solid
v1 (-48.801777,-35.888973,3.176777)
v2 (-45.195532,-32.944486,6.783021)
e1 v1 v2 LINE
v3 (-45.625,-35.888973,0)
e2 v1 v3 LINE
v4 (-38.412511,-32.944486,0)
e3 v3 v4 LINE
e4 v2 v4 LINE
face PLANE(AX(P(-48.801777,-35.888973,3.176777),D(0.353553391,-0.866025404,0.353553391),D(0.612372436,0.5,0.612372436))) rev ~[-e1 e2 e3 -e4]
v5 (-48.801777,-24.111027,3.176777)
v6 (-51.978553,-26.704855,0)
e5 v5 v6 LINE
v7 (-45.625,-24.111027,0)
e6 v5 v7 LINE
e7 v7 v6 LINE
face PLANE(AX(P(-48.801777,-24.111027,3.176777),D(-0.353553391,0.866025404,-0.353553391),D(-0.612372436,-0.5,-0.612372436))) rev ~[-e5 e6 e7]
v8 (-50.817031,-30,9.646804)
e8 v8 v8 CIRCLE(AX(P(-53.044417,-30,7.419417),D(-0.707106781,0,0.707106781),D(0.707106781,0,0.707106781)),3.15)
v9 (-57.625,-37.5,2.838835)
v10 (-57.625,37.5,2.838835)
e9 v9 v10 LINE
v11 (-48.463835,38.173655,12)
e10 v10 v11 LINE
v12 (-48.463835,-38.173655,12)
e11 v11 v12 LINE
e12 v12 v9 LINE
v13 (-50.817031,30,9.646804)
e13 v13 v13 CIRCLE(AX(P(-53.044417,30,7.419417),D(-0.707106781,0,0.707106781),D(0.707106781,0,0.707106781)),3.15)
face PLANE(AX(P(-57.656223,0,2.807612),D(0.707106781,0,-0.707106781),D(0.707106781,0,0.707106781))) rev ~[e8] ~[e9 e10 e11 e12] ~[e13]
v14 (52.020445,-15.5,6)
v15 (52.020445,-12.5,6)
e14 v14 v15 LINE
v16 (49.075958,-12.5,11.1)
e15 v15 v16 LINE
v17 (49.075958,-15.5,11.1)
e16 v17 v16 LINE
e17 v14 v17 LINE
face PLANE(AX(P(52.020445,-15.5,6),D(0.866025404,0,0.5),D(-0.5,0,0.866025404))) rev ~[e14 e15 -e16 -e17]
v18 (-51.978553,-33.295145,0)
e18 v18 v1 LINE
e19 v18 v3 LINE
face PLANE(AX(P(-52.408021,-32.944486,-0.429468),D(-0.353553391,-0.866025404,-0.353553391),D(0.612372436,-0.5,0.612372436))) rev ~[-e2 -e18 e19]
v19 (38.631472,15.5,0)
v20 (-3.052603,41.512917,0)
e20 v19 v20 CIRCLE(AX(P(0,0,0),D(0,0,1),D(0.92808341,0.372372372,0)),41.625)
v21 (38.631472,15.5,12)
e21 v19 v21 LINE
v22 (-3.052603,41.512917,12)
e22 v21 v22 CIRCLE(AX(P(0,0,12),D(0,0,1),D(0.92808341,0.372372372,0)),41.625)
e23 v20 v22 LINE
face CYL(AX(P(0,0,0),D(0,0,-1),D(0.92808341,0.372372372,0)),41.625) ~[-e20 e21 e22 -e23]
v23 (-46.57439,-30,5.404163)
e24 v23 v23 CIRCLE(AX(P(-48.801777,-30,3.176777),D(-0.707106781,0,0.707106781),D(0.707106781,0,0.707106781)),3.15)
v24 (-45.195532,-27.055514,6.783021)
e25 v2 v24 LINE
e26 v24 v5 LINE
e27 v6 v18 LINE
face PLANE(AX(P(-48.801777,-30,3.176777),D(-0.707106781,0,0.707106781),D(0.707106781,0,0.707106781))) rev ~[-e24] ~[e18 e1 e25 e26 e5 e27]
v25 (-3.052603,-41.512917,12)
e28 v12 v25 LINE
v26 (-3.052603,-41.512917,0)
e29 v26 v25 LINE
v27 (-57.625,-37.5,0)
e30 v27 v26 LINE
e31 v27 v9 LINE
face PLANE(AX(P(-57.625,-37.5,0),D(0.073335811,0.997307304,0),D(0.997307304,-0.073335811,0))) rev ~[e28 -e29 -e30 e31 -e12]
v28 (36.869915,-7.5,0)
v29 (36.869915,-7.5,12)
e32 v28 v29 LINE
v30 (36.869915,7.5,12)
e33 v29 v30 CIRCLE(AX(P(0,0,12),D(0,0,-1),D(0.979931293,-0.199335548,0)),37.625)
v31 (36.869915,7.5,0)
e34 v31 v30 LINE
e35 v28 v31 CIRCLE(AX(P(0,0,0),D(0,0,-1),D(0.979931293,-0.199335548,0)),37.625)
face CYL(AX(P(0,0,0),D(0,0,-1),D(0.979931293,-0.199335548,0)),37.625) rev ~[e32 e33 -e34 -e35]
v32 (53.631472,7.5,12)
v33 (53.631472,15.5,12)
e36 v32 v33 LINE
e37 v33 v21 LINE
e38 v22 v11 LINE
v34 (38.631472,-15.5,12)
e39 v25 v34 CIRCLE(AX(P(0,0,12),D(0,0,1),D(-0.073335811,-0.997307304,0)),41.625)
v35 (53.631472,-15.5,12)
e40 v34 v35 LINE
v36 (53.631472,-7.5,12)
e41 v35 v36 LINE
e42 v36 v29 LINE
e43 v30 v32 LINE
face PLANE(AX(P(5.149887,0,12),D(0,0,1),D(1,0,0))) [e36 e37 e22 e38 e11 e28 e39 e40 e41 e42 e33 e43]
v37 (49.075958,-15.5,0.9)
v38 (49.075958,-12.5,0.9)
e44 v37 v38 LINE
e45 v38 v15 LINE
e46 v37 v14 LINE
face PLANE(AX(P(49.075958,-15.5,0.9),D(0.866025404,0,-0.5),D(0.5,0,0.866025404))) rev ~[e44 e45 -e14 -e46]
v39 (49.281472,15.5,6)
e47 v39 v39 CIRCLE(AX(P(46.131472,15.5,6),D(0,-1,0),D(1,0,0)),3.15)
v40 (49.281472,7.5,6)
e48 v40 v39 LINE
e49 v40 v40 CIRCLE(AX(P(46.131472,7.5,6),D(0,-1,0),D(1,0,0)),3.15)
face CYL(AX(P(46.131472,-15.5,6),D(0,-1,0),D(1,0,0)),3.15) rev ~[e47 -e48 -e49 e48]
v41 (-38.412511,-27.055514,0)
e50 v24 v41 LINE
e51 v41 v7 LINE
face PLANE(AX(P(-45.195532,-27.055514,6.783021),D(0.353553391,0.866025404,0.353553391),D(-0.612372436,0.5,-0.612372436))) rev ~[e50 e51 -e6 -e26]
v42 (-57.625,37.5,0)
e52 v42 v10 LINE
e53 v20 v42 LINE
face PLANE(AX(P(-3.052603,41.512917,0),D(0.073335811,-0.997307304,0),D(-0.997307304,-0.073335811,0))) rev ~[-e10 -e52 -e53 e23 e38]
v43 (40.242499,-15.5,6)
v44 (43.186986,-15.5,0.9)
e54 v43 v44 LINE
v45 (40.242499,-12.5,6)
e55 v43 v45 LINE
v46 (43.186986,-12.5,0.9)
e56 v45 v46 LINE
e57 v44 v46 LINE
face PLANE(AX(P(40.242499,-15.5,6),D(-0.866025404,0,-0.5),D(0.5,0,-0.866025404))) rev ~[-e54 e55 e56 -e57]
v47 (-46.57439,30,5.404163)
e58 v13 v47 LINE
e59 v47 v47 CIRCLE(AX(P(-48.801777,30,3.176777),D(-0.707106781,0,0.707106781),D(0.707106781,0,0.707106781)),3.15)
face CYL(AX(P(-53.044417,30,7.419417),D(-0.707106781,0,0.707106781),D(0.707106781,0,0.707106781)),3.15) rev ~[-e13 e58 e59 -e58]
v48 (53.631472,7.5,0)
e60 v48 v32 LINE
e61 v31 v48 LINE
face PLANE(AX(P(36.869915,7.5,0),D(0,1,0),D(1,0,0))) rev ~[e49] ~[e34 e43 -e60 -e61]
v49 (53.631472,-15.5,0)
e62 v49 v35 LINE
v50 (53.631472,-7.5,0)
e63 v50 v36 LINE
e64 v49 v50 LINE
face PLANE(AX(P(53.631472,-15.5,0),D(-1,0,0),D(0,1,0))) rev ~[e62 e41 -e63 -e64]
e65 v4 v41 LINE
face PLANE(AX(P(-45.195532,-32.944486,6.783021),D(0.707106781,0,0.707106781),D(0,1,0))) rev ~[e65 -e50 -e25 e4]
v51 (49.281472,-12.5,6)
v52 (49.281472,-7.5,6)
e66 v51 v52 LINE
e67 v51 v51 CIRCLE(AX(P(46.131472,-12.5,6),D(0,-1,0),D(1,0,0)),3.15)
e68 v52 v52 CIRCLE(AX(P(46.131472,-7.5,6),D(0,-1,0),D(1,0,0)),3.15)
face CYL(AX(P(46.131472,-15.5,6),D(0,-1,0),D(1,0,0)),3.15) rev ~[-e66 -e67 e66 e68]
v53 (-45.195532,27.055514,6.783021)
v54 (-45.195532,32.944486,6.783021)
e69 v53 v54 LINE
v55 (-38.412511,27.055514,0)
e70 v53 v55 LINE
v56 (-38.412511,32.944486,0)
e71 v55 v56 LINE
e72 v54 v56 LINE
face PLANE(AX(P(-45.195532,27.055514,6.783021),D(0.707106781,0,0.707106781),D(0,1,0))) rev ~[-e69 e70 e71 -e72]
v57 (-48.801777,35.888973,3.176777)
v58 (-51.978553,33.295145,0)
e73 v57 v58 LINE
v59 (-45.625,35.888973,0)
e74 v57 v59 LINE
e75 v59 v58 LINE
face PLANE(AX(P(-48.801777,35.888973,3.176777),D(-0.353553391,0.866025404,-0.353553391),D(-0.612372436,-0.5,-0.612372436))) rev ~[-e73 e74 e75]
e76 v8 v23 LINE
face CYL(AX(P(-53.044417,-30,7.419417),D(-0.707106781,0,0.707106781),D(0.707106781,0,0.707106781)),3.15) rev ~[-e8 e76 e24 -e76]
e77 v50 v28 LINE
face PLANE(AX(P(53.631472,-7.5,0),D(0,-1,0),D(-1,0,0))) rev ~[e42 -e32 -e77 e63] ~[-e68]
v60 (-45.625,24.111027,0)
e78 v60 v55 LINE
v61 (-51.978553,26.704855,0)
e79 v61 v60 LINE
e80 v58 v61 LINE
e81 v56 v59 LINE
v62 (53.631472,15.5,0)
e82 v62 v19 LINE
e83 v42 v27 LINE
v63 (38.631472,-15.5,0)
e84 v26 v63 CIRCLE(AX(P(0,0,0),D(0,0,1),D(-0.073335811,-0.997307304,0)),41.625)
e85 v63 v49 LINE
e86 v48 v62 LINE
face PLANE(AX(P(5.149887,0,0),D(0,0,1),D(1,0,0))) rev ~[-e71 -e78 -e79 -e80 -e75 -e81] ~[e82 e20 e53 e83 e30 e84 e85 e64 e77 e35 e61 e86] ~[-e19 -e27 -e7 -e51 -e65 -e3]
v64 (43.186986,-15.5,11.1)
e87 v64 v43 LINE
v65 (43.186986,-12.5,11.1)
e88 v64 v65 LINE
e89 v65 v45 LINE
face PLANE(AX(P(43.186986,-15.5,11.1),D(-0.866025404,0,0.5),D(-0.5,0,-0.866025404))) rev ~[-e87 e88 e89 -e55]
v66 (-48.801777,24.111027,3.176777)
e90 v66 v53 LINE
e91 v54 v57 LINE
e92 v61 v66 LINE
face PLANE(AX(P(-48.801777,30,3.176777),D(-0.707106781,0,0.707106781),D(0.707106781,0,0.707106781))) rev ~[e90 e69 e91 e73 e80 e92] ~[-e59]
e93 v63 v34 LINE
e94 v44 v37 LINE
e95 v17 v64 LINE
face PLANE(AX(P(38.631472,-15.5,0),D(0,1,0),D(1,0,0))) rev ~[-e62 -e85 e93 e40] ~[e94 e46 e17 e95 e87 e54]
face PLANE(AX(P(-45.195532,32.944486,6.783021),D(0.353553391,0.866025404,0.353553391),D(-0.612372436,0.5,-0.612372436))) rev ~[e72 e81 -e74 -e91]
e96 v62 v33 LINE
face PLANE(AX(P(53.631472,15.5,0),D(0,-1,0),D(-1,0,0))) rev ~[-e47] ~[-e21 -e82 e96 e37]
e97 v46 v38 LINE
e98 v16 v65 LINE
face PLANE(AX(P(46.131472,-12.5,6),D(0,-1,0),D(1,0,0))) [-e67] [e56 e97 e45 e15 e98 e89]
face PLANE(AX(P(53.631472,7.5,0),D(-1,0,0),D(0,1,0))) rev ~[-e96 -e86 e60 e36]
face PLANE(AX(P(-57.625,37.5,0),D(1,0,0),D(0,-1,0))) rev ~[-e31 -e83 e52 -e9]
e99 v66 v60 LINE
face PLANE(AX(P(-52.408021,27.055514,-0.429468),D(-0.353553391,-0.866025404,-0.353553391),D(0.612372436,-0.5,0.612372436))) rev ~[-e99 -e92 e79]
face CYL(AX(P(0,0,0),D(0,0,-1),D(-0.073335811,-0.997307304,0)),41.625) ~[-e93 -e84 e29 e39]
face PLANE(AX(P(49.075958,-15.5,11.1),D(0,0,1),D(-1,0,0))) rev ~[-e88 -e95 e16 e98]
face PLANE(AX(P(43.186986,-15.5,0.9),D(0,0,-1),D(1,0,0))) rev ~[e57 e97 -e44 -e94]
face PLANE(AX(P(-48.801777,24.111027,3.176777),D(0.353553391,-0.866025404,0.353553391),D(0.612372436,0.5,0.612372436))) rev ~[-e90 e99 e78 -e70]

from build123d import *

# Parameters (mm, degrees)
F1_DEPTH  = 12
F3_DEPTH  = 50
F4_R      = 3.15
F5_DEPTH  = 80.6785650794
F8_DEPTH  = 74.6785650794
F9_R      = 3.15
F10_DEPTH = 57.126
F12_DEPTH = 3


with BuildPart() as f1:
    # F0 (on Top) → F1 (new body)
    with BuildSketch(Plane.XY):
        with BuildLine():
            ThreePointArc((36.8699149036, -7.5), (-37.625, 0), (36.8699149036, 7.5))
            Line((36.8699149036, 7.5), (53.6314719497, 7.5))
            Line((53.6314719497, 7.5), (53.6314719497, 15.5))
            Line((53.6314719497, 15.5), (38.6314719497, 15.5))
            ThreePointArc((38.6314719497, 15.5), (22.0370581838, 35.3130102314), (-3.0526031231, 41.5129165342))
            ThreePointArc((-3.0526031231, 41.5129165342), (-41.625, 0), (-3.0526031231, -41.5129165342))
            ThreePointArc((-3.0526031231, -41.5129165342), (22.0370581838, -35.3130102314), (38.6314719497, -15.5))
            Line((38.6314719497, -15.5), (53.6314719497, -15.5))
            Line((53.6314719497, -15.5), (53.6314719497, -7.5))
            Line((53.6314719497, -7.5), (36.8699149036, -7.5))
        make_face()
        with BuildLine():
            ThreePointArc((-3.0526031231, -41.5129165342), (-41.625, 0), (-3.0526031231, 41.5129165342))
            Line((-3.0526031231, 41.5129165342), (-57.625, 37.5))
            Line((-57.625, 37.5), (-57.625, -37.5))
            Line((-57.625, -37.5), (-3.0526031231, -41.5129165342))
        make_face()
    extrude(amount=F1_DEPTH)

    # F2 (on Front) → F3 (cut, symmetric)
    with BuildSketch(Plane.XZ):
        Polygon((-57.6562229203, 26.0493437853), (-57.6562229203, 2.8076118446), (-48.4638347648, 12), (-48.4638347648, 26.0493437853), align=None)
    extrude(amount=F3_DEPTH, both=True, mode=Mode.SUBTRACT)

    # F4 (on face) → F5 (cut, through all)
    with BuildSketch(Plane(origin=(-30.2319173824, 0, 30.2319173824), x_dir=(0.7071067812, 0, 0.7071067812), z_dir=(-0.7071067812, 0, 0.7071067812))):
        with Locations((-32.2617468916, 30)):
            Circle(F4_R)
        with Locations((-32.2617468916, -30)):
            Circle(F4_R)
    extrude(amount=-F5_DEPTH, mode=Mode.SUBTRACT)

    # F7 (on offset) → F8 (cut, through all)
    with BuildSketch(Plane(origin=(-25.9892766953, 0, 25.9892766953), x_dir=(0.7071067812, 0, 0.7071067812), z_dir=(-0.7071067812, 0, 0.7071067812))):
        Polygon((-32.2617468916, 24.1110272543), (-27.1617468916, 27.0555136271), (-27.1617468916, 32.9444863729), (-32.2617468916, 35.8889727457), (-37.3617468916, 32.9444863729), (-37.3617468916, 27.0555136271), align=None)
        Polygon((-32.2617468916, -35.8889727457), (-27.1617468916, -32.9444863729), (-27.1617468916, -27.0555136271), (-32.2617468916, -24.1110272543), (-37.3617468916, -27.0555136271), (-37.3617468916, -32.9444863729), align=None)
    extrude(amount=-F8_DEPTH, mode=Mode.SUBTRACT)

    # F9 (on face) → F10 (cut, through all)
    with BuildSketch(Plane.XZ.offset(15.5)):
        with Locations((46.1314719497, 6)):
            Circle(F9_R)
    extrude(amount=-F10_DEPTH, mode=Mode.SUBTRACT)

    # F11 (on face) → F12 (cut)
    with BuildSketch(Plane.XZ.offset(15.5)):
        Polygon((49.0759583226, 0.9), (52.0204446954, 6), (49.0759583226, 11.1), (43.1869855768, 11.1), (40.242499204, 6), (43.1869855768, 0.9), align=None)
    extrude(amount=-F12_DEPTH, mode=Mode.SUBTRACT)


solid = f1.part
